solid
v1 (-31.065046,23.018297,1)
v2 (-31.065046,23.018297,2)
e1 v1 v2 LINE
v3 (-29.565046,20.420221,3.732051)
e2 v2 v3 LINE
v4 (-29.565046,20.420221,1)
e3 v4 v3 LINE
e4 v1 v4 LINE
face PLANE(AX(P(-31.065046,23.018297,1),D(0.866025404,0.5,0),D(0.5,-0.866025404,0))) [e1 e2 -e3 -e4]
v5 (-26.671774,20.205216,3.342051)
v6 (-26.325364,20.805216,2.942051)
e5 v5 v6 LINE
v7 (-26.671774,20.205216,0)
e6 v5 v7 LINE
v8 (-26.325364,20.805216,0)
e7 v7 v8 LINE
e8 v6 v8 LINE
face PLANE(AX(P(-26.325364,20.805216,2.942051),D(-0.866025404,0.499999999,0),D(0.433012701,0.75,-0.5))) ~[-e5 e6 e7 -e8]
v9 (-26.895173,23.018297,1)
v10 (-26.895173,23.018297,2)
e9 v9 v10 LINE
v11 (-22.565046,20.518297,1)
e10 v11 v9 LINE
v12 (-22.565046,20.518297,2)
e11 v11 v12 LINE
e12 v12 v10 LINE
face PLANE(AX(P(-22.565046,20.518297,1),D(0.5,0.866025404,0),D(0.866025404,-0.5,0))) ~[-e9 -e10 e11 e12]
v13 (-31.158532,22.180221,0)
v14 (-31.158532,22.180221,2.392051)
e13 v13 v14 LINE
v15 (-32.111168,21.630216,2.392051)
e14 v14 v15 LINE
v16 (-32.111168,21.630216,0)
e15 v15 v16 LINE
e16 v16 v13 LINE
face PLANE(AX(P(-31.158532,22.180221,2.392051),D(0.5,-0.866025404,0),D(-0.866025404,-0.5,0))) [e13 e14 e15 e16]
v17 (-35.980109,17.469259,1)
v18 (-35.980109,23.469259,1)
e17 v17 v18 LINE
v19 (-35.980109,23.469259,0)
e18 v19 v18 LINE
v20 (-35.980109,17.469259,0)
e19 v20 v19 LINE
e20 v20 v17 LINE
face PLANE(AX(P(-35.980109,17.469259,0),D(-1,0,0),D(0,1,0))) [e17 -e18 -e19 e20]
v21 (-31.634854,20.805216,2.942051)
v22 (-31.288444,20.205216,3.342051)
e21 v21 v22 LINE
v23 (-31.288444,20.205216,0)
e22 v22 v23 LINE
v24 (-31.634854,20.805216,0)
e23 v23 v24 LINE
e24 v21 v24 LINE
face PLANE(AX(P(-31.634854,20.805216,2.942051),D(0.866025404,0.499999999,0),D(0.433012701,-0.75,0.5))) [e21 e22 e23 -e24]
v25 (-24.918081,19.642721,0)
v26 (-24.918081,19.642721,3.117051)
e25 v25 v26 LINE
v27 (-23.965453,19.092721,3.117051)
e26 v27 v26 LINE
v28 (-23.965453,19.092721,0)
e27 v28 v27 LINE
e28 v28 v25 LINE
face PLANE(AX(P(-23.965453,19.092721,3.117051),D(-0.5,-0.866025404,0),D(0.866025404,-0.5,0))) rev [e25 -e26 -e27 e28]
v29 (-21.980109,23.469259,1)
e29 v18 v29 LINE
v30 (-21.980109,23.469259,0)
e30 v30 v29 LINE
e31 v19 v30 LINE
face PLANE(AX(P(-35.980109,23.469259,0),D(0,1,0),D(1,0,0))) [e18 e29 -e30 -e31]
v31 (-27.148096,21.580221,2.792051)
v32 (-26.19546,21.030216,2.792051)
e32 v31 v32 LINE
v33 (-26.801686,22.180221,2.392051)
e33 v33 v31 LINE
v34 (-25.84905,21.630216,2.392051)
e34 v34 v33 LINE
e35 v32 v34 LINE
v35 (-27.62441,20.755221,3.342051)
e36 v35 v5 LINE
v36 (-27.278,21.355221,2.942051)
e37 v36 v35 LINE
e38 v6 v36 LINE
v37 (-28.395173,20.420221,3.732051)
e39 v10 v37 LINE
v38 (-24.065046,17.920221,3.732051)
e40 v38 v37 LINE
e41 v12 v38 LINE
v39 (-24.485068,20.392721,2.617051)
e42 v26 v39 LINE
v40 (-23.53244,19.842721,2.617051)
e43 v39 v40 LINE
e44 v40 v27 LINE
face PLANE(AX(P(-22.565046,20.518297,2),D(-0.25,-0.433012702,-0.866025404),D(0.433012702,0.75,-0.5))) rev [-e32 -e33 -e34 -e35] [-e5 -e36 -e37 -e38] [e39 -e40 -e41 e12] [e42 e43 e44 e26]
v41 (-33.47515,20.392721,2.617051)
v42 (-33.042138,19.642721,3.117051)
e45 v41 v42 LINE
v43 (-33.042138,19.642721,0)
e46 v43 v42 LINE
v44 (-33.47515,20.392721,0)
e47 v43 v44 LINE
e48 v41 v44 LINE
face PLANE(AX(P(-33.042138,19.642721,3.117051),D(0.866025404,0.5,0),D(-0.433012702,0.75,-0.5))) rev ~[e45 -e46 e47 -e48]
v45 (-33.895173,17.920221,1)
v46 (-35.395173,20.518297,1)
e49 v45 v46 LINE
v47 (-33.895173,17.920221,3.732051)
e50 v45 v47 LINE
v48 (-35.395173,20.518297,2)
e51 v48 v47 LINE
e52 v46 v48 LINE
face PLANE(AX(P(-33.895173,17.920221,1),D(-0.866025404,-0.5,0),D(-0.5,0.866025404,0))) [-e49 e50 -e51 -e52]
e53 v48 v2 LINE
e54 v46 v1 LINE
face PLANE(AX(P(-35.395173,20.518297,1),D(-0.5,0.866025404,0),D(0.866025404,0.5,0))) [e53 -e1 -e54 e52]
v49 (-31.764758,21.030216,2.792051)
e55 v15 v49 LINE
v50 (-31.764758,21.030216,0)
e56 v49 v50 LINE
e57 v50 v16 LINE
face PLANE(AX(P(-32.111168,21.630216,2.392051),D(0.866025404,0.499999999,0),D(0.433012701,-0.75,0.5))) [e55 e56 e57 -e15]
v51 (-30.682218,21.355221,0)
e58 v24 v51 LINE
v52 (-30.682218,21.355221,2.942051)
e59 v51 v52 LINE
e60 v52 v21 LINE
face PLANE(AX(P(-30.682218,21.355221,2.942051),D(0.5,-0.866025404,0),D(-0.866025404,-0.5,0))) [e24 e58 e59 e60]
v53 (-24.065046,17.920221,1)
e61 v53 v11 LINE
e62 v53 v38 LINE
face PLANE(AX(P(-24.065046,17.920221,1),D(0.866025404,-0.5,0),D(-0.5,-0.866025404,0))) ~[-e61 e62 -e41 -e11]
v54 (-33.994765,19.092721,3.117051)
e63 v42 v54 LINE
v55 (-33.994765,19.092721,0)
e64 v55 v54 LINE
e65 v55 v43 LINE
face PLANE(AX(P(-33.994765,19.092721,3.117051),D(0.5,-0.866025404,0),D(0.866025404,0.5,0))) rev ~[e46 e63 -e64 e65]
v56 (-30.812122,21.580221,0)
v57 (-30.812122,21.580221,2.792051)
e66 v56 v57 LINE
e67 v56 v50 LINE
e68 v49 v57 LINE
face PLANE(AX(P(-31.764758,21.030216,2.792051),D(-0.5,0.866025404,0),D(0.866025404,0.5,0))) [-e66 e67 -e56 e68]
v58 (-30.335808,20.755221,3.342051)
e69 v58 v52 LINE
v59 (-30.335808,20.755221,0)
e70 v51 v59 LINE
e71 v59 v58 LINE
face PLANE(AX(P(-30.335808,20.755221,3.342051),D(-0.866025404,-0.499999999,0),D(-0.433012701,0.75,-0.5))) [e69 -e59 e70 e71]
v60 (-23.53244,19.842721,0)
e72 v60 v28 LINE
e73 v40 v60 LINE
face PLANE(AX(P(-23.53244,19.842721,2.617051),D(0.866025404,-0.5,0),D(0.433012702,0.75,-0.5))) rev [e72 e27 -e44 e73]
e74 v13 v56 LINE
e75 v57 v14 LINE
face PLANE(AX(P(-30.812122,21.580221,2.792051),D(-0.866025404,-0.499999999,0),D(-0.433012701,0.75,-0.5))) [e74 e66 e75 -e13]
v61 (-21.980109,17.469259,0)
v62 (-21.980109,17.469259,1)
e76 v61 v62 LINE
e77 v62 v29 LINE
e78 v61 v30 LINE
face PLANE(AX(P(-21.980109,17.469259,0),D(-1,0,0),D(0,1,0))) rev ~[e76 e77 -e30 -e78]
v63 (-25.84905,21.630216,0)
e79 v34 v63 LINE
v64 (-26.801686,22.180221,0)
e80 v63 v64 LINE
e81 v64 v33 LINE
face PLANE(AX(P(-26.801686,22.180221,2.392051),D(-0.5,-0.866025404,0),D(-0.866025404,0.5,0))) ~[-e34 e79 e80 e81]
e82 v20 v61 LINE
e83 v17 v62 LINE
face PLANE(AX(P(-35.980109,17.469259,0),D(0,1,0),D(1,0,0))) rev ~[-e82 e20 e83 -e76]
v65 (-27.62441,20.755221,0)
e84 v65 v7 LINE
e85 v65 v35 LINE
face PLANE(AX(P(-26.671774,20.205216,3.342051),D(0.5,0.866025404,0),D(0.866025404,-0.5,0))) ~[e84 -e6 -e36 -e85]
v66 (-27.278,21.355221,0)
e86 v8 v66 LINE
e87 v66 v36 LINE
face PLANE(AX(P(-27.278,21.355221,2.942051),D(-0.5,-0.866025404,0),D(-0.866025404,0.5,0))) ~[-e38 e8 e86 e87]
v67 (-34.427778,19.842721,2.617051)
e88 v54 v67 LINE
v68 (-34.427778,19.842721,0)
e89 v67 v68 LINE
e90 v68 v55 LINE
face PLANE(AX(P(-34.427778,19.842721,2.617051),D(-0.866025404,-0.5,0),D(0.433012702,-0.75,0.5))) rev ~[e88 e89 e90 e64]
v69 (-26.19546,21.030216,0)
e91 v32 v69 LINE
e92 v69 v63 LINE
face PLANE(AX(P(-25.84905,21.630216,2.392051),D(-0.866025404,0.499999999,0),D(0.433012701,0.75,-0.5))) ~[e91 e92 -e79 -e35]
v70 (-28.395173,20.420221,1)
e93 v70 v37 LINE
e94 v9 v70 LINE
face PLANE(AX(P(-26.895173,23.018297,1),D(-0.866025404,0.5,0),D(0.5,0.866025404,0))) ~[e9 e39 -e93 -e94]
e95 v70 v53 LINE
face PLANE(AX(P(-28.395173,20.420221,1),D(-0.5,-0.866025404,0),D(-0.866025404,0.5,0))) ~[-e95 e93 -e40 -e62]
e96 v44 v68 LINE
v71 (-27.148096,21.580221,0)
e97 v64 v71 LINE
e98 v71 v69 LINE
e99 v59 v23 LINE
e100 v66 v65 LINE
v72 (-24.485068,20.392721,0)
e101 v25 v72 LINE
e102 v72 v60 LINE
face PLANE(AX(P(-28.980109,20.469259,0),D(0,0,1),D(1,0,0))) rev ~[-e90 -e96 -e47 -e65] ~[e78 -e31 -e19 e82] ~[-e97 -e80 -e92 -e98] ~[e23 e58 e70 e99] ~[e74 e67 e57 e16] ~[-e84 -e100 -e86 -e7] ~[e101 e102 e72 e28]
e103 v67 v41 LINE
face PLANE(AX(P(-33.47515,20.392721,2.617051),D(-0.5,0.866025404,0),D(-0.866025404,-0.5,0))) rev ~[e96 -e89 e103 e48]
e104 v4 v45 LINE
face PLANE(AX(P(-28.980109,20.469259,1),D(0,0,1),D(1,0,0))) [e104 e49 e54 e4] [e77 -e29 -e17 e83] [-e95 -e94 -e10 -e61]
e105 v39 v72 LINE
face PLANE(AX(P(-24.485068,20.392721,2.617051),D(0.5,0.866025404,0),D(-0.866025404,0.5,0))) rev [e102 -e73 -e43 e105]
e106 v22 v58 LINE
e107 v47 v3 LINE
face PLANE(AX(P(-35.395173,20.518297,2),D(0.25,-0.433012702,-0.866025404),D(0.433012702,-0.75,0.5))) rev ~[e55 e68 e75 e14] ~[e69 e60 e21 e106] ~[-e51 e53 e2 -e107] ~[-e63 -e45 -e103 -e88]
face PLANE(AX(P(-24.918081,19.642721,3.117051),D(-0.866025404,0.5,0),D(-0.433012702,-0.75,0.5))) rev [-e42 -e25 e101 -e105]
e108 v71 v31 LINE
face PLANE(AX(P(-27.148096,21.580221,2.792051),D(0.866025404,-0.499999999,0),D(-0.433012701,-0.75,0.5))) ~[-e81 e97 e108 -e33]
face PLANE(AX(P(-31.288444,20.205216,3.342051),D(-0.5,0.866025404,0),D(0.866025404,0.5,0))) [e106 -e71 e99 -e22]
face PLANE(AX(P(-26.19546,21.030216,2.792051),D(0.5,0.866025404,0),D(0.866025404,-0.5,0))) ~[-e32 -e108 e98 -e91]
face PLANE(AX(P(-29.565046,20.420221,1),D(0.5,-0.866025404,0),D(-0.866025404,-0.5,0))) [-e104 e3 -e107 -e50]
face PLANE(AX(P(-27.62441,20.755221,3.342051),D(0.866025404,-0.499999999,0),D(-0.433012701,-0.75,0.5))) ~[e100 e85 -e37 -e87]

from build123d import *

# Parameters (mm, degrees)
SKETCH1_W           = 14
SKETCH1_H           = 6
BOSS_EXTRUDE1_DEPTH = 1
BOSS_EXTRUDE2_DEPTH = 10
CUT_EXTRUDE1_DEPTH  = 5
CUT_EXTRUDE4_DEPTH  = 5


with BuildPart() as part:
    # Sketch1 → Boss-Extrude1 (new body)
    with BuildSketch(Plane.XY):
        with Locations((-28.980109017, 20.469258927)):
            Rectangle(SKETCH1_W, SKETCH1_H)
    extrude(amount=BOSS_EXTRUDE1_DEPTH)

    # 3DSketch3 → Boss-Extrude2 (add)
    with BuildSketch(Plane(origin=(-35.395172526, 20.518297033, 1), x_dir=(0.9998585349462691, -0.016819931483230154, 0), z_dir=(0, 0, -1))):
        Polygon((0, 0), (4.287464629, -2.572478777), (5.830951895, 0), (1.543487266, 2.572478777), align=None)
    boss_extrude2 = extrude(amount=-BOSS_EXTRUDE2_DEPTH)

    # Sketch5 → Cut-Extrude1 (cut)
    with BuildSketch(Plane(origin=(-17.661696158, -10.196985031, 0), x_dir=(0, 0, 1), z_dir=(-0.8660254037844383, -0.5000000000000009, 0))):
        Polygon((3.732050808, 32.466952736), (11, 32.466952736), (11, 35.466952736), (2, 35.466952736), align=None)
    cut_extrude1 = extrude(amount=-CUT_EXTRUDE1_DEPTH, mode=Mode.SUBTRACT)

    # Sketch8 → Cut-Extrude4 (cut, symmetric, along a direction that is not the sketch's normal)
    with BuildSketch(Plane(origin=(-4.866381794, 8.428820516, 16.857641032), x_dir=(0.9682458365518544, 0.11180339887498851, 0.2236067977499786), z_dir=(-0.24999999999999922, 0.43301270189221724, 0.8660254037844398))):
        Polygon((-27.780523262, 17.561354254), (-26.796645351, 18.05329321), (-27.154416227, 18.768834963), (-28.138294138, 18.276896007), align=None)
        Polygon((-27.288588307, 16.577484344), (-26.304710396, 17.0694233), (-26.662481272, 17.784965053), (-27.646359183, 17.293026097), align=None)
        Polygon((-30.530878873, 16.577488345), (-30.083665278, 15.683061154), (-29.099795368, 16.174996109), (-29.547008963, 17.0694233), align=None)
    cut_extrude4 = extrude(amount=CUT_EXTRUDE4_DEPTH, dir=(0, 0, 1), both=True, mode=Mode.SUBTRACT)

    # Mirror1: Boss-Extrude2, Cut-Extrude1, Cut-Extrude4 across plane
    add(boss_extrude2.mirror(Plane.ZY.offset(28.980109017)))
    add(cut_extrude1.mirror(Plane.ZY.offset(28.980109017)), mode=Mode.SUBTRACT)
    add(cut_extrude4.mirror(Plane.ZY.offset(28.980109017)), mode=Mode.SUBTRACT)


solid = part.part
